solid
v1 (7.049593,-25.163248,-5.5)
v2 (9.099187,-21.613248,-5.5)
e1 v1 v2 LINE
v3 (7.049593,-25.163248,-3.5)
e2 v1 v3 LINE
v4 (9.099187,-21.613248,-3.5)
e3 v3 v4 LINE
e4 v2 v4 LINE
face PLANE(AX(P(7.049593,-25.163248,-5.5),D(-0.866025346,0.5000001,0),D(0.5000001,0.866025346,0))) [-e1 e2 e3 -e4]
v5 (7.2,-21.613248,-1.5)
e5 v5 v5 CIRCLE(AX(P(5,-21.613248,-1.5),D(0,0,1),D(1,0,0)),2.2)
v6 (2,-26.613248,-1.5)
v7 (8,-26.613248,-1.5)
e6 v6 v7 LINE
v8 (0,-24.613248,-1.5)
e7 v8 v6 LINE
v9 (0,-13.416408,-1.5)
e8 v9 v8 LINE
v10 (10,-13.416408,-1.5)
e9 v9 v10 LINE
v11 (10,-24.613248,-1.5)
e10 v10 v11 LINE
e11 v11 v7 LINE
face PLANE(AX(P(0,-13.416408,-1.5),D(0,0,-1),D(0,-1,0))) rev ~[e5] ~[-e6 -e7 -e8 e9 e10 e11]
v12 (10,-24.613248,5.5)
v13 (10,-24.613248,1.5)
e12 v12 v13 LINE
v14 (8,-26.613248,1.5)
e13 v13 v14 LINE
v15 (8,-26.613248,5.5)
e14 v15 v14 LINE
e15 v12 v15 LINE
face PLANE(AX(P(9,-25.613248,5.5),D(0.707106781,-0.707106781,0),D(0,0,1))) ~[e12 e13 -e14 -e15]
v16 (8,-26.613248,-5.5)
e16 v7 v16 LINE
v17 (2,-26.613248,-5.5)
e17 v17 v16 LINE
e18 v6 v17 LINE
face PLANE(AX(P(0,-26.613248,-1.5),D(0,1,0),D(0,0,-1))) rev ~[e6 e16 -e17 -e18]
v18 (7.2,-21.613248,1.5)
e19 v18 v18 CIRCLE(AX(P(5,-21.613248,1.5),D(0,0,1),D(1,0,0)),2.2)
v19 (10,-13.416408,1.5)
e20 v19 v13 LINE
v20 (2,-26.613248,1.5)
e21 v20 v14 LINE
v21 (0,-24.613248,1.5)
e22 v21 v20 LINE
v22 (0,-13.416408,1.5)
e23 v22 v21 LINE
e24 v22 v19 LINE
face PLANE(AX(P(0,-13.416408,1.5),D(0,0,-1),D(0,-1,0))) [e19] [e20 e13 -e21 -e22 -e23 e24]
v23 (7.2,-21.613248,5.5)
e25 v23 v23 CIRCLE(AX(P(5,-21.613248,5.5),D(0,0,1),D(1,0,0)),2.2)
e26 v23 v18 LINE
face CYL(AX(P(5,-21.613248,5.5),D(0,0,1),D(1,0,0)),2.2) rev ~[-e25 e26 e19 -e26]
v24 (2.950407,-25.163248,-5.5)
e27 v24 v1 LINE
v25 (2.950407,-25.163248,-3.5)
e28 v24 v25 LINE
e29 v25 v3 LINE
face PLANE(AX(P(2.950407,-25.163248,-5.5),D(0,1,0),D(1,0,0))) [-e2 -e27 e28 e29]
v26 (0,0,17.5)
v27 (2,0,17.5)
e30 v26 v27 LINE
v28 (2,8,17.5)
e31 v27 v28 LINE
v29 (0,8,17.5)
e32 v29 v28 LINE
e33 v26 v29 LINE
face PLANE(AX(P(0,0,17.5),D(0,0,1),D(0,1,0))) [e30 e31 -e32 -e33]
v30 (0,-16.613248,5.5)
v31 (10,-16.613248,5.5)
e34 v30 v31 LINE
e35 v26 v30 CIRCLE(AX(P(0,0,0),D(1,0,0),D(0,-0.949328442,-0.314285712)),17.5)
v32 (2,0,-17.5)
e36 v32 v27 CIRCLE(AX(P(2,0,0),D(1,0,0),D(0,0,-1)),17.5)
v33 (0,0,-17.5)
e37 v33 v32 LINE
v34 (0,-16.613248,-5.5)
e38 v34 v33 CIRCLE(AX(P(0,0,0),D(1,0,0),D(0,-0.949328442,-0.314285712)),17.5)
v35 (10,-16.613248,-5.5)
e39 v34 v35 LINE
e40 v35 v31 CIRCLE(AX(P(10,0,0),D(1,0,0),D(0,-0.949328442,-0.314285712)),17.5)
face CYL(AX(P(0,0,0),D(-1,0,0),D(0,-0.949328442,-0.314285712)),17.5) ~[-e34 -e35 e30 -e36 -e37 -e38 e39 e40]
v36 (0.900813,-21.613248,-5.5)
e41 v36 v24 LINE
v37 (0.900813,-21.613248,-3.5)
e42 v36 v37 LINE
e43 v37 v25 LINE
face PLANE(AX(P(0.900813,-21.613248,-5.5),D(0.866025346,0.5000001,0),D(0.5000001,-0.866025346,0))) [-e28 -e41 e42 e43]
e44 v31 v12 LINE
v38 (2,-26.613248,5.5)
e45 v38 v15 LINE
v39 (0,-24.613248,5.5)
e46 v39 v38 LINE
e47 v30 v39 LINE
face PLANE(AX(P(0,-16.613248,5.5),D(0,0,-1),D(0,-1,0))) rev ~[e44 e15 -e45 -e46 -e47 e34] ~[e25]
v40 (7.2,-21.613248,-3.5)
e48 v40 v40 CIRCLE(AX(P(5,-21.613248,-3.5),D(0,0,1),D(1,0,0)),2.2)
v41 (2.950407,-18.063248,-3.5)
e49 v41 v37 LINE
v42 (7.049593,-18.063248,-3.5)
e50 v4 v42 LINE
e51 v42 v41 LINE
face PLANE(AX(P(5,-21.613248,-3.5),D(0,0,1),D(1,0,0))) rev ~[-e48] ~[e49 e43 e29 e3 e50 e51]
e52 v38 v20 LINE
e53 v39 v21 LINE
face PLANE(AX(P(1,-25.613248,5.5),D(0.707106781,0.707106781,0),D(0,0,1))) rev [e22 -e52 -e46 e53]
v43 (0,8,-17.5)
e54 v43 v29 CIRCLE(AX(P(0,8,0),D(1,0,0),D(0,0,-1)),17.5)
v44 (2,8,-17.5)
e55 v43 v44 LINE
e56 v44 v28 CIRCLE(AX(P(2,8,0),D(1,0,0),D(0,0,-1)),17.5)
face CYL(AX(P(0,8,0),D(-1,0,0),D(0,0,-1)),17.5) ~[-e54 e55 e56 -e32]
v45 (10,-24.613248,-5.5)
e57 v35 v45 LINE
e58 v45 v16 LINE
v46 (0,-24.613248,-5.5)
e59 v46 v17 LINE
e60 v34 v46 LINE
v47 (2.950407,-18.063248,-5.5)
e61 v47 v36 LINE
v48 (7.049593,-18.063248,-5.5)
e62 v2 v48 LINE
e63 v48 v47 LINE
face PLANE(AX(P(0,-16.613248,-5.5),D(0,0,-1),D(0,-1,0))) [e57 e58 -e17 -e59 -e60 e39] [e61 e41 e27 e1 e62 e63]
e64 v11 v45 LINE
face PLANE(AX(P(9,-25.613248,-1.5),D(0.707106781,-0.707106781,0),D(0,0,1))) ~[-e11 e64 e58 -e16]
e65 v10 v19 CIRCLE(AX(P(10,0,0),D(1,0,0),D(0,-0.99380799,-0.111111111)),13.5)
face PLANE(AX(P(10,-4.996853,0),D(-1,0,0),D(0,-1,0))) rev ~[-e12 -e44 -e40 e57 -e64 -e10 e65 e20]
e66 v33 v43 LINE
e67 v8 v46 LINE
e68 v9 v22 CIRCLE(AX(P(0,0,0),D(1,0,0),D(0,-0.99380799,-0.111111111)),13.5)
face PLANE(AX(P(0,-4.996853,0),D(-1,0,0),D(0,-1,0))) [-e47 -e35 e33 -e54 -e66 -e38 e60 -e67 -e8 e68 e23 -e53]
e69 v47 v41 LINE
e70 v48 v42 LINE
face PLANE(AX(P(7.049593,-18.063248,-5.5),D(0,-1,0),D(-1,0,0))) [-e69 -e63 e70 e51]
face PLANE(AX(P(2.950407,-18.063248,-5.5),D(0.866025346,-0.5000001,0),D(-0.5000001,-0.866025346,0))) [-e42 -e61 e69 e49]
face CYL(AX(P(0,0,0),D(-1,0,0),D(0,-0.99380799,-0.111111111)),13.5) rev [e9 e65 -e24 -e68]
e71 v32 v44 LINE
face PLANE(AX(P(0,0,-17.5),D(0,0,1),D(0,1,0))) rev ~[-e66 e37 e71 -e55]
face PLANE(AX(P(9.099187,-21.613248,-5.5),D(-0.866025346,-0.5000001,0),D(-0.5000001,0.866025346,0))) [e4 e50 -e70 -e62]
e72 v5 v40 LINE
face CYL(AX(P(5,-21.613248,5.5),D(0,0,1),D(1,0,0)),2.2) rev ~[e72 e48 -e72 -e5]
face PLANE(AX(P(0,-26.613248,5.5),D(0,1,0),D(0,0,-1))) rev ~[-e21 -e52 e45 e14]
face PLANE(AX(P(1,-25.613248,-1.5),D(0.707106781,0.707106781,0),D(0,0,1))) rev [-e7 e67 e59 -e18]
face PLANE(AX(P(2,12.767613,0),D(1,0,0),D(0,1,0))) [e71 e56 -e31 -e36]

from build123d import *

# Parameters (mm, degrees)
PAD010_DEPTH    = 10
POCKET004_DEPTH = 2
SKETCH021_R     = 2.2
POCKET005_DEPTH = 23.001
CHAMFER004_SIZE = 2
PAD016_DEPTH    = 2


with BuildPart() as part:
    # Sketch019 → Pad010 (new body)
    with BuildSketch(Plane.YZ):
        with BuildLine():
            ThreePointArc((-13.416408, -1.5), (13.5, 0), (-13.416408, 1.5))
            Line((-13.416408, 1.5), (-26.613248, 1.5))
            Line((-26.613248, 5.5), (-26.613248, 1.5))
            Line((-16.613248, 5.5), (-26.613248, 5.5))
            ThreePointArc((-16.613248, -5.5), (17.5, 0), (-16.613248, 5.5))
            Line((-16.613248, -5.5), (-26.613248, -5.5))
            Line((-26.613248, -1.5), (-26.613248, -5.5))
            Line((-13.416408, -1.5), (-26.613248, -1.5))
        make_face()
    extrude(amount=PAD010_DEPTH)

    # Sketch020 (on DatumPlane) → Pocket004 (cut)
    with BuildSketch(Plane.XY.offset(-5.5)):
        Polygon((7.049593, -25.163248), (9.099187, -21.613248), (7.049593, -18.063248), (2.950407, -18.063248), (0.900813, -21.613248), (2.950407, -25.163248), align=None)
    extrude(amount=POCKET004_DEPTH, mode=Mode.SUBTRACT)

    # Sketch021 (on DatumPlane) → Pocket005 (cut, through all)
    with BuildSketch(Plane.XY.offset(5.5)):
        with Locations((5, -21.613248)):
            Circle(SKETCH021_R)
    extrude(amount=-POCKET005_DEPTH, mode=Mode.SUBTRACT)

    # Chamfer004
    chamfer004_edges = [part.edges().sort_by_distance(p)[0] for p in [
        (10, -26.613248, 3.5),
        (10, -26.613248, -3.5),
        (0, -26.613248, 3.5),
        (0, -26.613248, -3.5),
    ]]
    chamfer(chamfer004_edges, length=CHAMFER004_SIZE)

    # Sketch028 → Pad016 (join)
    with BuildSketch(Plane.YZ):
        with BuildLine():
            ThreePointArc((8, -17.5), (25.5, 0), (8, 17.5))
            Line((0, 17.5), (8, 17.5))
            ThreePointArc((0, -17.5), (17.5, 0), (0, 17.5))
            Line((0, -17.5), (8, -17.5))
        make_face()
    extrude(amount=PAD016_DEPTH)


solid = part.part
